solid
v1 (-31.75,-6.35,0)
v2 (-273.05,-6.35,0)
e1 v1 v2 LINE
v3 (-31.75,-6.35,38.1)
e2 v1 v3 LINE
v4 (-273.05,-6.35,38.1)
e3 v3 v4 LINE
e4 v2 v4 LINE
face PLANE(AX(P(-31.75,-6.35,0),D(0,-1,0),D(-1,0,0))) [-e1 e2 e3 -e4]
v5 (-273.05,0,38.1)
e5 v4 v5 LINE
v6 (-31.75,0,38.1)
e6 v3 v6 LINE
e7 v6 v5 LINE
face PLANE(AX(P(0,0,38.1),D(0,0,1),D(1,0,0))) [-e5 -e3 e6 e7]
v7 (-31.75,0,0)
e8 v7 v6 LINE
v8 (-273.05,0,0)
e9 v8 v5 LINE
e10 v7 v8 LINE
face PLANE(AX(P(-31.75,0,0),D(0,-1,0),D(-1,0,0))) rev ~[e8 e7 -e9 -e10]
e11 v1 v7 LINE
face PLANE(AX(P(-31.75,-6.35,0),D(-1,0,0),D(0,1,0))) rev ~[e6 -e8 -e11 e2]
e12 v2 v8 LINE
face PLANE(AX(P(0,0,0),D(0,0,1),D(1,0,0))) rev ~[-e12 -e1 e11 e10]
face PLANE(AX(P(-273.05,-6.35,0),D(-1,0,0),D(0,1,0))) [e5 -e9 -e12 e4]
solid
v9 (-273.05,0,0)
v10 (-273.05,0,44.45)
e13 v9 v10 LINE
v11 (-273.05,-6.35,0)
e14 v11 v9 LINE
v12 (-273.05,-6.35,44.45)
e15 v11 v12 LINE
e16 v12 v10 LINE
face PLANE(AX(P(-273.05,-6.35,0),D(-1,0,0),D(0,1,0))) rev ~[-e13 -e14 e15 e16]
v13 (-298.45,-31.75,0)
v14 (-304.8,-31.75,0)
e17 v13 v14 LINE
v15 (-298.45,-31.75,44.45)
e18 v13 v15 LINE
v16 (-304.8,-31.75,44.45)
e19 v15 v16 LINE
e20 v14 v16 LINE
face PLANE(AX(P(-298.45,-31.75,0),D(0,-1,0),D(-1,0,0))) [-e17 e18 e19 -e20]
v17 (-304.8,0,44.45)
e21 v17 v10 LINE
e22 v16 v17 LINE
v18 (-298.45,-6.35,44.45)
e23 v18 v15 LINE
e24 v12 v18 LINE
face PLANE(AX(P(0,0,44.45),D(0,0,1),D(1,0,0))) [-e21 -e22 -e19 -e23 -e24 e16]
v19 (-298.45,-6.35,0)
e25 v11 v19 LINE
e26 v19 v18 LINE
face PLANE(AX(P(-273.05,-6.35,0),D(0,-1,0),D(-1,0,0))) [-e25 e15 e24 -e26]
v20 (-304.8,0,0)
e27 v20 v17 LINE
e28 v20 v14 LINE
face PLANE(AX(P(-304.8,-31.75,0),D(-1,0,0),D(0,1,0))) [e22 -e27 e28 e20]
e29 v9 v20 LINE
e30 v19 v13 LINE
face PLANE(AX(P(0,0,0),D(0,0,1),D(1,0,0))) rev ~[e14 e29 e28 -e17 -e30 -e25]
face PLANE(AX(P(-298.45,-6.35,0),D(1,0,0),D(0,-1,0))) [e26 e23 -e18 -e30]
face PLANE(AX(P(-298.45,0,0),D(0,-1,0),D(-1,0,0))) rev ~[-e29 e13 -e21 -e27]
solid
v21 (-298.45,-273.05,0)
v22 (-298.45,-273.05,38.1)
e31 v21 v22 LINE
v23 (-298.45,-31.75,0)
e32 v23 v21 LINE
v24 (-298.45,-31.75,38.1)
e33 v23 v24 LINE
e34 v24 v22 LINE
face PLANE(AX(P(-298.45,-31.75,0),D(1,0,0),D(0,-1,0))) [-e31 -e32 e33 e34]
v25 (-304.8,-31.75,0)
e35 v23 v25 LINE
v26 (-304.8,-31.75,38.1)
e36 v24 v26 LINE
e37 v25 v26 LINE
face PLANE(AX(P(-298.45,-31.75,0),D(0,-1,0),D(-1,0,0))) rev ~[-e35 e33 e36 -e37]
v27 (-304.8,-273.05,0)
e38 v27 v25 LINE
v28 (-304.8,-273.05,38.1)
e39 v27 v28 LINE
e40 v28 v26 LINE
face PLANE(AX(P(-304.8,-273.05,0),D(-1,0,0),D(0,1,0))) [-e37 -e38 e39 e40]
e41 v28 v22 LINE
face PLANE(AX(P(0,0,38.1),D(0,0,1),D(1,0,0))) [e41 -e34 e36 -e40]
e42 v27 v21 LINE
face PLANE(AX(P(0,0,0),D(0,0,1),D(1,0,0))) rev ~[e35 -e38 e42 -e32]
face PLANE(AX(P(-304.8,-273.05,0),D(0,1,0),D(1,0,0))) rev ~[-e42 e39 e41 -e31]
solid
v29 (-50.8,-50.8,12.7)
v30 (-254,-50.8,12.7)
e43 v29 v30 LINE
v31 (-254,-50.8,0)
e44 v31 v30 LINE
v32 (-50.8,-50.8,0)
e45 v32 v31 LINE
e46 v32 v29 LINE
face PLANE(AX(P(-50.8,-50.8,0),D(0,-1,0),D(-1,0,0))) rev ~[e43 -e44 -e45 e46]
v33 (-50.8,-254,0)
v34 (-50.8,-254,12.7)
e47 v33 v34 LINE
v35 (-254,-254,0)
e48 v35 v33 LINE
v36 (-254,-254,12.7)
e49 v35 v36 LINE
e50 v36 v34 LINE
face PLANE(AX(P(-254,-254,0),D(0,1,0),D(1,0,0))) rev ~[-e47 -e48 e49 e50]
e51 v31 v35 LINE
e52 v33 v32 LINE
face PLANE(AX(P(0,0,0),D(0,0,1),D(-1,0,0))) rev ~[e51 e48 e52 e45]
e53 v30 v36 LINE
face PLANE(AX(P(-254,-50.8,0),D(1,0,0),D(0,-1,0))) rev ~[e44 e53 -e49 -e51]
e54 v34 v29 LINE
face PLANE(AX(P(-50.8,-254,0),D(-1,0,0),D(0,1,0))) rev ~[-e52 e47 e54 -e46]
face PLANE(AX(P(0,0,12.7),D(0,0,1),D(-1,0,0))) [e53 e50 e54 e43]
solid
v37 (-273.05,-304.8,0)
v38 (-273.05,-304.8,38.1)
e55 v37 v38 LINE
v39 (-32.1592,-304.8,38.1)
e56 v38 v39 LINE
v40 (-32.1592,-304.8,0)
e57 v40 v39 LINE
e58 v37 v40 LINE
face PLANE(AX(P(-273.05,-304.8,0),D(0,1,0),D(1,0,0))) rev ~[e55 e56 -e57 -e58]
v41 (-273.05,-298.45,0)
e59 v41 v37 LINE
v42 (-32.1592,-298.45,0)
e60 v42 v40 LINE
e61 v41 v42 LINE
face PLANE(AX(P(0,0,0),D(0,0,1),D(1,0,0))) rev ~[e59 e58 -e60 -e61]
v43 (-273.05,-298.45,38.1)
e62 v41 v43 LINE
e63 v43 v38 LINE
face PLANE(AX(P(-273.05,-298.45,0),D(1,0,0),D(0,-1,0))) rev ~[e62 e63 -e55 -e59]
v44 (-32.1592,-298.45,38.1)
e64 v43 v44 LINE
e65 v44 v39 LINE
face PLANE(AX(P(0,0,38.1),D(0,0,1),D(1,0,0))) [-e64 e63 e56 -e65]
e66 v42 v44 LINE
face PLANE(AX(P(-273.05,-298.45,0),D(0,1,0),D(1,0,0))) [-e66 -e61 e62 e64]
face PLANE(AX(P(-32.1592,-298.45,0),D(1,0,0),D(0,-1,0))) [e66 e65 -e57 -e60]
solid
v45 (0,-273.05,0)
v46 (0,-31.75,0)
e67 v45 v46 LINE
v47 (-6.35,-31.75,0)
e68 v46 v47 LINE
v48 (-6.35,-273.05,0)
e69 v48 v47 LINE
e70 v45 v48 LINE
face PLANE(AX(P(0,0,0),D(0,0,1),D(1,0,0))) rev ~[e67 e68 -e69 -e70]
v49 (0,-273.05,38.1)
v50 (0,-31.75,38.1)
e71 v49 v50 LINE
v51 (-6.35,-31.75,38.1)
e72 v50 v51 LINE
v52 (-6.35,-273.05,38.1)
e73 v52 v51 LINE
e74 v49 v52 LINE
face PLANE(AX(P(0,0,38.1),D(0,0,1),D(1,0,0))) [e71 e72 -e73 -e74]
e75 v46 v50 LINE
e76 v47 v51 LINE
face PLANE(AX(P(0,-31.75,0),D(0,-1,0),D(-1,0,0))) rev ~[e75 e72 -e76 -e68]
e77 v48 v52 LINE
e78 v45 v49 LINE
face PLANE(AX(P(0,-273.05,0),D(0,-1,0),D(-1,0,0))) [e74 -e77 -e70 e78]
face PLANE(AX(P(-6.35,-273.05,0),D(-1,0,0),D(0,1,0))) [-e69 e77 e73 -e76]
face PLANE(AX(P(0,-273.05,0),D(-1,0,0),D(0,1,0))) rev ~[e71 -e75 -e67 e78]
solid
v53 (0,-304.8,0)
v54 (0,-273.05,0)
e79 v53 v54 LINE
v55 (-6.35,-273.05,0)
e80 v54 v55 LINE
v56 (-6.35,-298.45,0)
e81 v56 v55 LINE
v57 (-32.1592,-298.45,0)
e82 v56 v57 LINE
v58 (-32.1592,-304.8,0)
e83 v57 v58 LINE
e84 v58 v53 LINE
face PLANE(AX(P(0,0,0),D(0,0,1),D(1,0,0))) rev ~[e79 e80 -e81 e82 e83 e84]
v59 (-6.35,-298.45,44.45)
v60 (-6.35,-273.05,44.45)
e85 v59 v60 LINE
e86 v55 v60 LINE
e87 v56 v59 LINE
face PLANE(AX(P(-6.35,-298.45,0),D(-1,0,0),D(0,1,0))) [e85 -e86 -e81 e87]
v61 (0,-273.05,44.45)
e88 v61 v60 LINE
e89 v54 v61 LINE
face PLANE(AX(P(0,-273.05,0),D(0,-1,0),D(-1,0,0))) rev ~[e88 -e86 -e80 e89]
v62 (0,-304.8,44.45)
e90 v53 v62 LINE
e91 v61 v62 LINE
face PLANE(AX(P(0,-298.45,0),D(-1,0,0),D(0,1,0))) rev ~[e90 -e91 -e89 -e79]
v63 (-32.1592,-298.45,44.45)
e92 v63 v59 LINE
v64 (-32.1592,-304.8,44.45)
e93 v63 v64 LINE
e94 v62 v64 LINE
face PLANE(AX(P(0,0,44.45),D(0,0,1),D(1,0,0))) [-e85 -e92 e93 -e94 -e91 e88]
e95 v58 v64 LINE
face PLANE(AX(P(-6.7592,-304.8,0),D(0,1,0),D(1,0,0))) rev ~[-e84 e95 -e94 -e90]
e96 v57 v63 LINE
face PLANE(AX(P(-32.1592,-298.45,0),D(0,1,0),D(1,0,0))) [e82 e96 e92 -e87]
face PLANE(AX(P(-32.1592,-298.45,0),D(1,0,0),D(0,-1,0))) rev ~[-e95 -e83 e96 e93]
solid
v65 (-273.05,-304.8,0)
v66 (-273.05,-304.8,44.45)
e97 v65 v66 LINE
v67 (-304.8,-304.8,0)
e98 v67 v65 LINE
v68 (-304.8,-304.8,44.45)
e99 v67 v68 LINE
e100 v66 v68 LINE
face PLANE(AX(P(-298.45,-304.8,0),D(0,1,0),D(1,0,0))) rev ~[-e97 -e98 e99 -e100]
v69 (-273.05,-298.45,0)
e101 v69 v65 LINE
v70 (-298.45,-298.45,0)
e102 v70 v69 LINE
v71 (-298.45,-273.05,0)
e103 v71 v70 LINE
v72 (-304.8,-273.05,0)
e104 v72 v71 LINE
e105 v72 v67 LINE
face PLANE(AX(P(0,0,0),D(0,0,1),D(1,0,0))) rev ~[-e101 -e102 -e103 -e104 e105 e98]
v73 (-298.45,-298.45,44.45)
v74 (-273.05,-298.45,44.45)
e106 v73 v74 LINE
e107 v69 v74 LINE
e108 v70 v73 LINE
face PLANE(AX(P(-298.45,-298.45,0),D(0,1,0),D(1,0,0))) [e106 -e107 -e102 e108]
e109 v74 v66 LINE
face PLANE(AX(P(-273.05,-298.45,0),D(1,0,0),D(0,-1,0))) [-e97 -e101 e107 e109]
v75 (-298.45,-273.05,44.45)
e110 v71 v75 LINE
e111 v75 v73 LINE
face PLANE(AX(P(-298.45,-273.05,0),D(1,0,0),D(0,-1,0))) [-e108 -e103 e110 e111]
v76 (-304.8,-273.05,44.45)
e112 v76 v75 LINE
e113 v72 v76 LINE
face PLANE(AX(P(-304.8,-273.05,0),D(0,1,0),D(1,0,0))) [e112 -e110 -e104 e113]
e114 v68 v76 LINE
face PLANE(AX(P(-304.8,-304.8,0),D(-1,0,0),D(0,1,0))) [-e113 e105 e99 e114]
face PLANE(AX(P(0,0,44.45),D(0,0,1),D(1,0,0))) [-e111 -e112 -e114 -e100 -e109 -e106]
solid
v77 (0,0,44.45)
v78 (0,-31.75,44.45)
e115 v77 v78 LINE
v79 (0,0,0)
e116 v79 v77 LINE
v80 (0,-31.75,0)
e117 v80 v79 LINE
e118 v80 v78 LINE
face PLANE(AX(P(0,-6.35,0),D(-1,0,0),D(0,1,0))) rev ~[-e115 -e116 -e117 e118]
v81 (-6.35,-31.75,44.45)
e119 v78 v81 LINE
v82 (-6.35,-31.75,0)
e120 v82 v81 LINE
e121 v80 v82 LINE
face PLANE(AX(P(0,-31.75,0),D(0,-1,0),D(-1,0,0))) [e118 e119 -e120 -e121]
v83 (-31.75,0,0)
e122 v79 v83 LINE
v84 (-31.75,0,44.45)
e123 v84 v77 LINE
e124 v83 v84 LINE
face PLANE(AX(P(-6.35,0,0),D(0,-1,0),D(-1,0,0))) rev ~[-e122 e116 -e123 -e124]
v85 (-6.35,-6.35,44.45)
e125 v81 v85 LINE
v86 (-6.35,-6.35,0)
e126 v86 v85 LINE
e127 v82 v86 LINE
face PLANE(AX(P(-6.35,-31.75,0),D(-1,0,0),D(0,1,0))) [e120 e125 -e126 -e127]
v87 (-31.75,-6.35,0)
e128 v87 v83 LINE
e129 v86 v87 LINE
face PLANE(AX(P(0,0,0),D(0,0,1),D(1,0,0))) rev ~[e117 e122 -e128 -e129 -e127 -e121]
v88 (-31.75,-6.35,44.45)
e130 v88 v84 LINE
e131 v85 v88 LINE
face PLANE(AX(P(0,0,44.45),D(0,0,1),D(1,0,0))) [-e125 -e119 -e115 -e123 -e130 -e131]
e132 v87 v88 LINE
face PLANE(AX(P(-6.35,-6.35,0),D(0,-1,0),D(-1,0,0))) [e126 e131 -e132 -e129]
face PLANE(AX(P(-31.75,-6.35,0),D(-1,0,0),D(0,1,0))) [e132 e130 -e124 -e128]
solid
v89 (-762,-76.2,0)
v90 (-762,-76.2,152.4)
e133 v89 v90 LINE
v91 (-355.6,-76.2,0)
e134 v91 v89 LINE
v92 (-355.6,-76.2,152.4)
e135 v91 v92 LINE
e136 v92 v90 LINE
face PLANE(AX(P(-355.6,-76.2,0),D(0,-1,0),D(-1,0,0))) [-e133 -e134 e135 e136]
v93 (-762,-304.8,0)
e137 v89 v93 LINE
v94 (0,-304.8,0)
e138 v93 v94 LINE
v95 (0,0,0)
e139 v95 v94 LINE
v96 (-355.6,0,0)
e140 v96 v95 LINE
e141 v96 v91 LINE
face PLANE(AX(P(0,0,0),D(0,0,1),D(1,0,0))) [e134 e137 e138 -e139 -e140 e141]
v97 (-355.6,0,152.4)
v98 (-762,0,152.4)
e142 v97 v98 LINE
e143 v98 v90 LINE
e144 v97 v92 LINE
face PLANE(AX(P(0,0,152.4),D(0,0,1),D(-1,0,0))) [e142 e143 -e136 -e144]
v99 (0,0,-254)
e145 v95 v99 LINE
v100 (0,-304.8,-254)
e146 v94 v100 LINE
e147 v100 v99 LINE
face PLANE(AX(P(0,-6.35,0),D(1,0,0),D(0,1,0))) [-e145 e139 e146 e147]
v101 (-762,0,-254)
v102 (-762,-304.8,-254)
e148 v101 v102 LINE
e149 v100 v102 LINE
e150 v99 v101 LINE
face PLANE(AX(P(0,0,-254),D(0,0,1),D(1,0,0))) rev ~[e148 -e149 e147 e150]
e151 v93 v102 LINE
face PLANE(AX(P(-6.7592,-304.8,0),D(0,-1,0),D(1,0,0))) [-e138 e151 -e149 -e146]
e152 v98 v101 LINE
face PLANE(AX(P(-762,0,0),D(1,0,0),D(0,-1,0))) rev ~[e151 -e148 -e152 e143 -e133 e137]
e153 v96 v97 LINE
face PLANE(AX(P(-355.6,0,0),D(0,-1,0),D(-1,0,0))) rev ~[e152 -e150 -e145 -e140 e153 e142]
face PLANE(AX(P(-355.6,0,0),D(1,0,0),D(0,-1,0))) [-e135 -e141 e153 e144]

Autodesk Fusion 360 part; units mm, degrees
sketch "Sketch1" plane through (0, 0, 0) normal (0, 0, 1) x (1, 0, 0)
  line L0 (0, 0) -> (-762, 0)
  line L1 (-762, 0) -> (-762, -304.8)
  line L2 (-762, -304.8) -> (0, -304.8)
  line L3 (0, -304.8) -> (0, 0)
  line L4 (0, -304.8) -> (-304.8, -304.8)
  line L5 (-304.8, -304.8) -> (-304.8, 0)
  line L6 (-304.8, 0) -> (0, 0)
  line L7 (0, 0) -> (0, -304.8)
  line L8 (-6.35, -6.35) -> (-298.45, -6.35)
  line L9 (-298.45, -6.35) -> (-298.45, -298.45)
  line L10 (-298.45, -298.45) -> (-6.35, -298.45)
  line L11 (-6.35, -298.45) -> (-6.35, -6.35)
  line L12 (-304.8, -6.35) -> (-304.8, 0)
  line L13 (-304.8, 0) -> (-298.45, 0)
  line L14 (0, -6.35) -> (0, 0)
  line L15 (0, 0) -> (-6.35, 0)
  line L16 (-6.35, -6.35) -> (-31.75, -6.35)
  line L17 (-31.75, -6.35) -> (-31.75, 0)
  line L18 (-31.75, 0) -> (-6.35, 0)
  line L19 (0, -6.35) -> (0, -31.75)
  line L20 (0, -31.75) -> (-6.35, -31.75)
  line L21 (-6.35, -31.75) -> (-6.35, -6.35)
  line L22 (-298.45, -6.35) -> (-298.45, -31.75)
  line L23 (-298.45, -31.75) -> (-304.8, -31.75)
  line L24 (-304.8, -31.75) -> (-304.8, -6.35)
  line L25 (-298.45, -6.35) -> (-273.05, -6.35)
  line L26 (-273.05, -6.35) -> (-273.05, 0)
  line L27 (-273.05, 0) -> (-298.45, 0)
  line L28 (-298.45, -298.45) -> (-273.05, -298.45)
  line L29 (-273.05, -298.45) -> (-273.05, -304.8)
  line L30 (-273.05, -304.8) -> (-298.45, -304.8)
  line L31 (-304.8, -298.45) -> (-304.8, -273.05)
  line L32 (-304.8, -273.05) -> (-298.45, -273.05)
  line L33 (-298.45, -273.05) -> (-298.45, -298.45)
  line L34 (0, -298.45) -> (0, -273.05)
  line L35 (0, -273.05) -> (-6.35, -273.05)
  line L36 (-6.35, -273.05) -> (-6.35, -298.45)
  line L37 (-6.7592, -298.45) -> (-32.1592, -298.45)
  line L38 (-32.1592, -298.45) -> (-32.1592, -304.8)
  line L39 (-32.1592, -304.8) -> (-6.7592, -304.8)
  point P0 (-152.4, -152.4)
  dimension "d1" = 762
  dimension "d2" = 304.8
  dimension "d3" = 304.8
  dimension "d4" = 292.1
  dimension "d5" = 292.1
  dimension "d6" = 25.4
  dimension "d7" = 25.4
  dimension "d8" = 25.4
  dimension "d9" = 25.4
  dimension "d10" = 25.4
  dimension "d11" = 25.4
  dimension "d12" = 25.4
  dimension "d13" = 25.4
extrude "Extrude1" add sketch "Sketch1" against normal blind 254 makes body 1
extrude "Extrude1'" add sketch "Sketch1" along normal blind 38.1 separate body contours L0 L6 L8 L17 L26 | L3 L7 L11 L20 L35 | L5 L9 L23 L32 | L2 L4 L10 L29 L38 makes body 2 at (0, -192.6167, 12.7) makes body 3 at (-304.8, -192.6167, 12.7) makes body 4 at (-112.1833, -6.35, 12.7) makes body 5 at (-192.7531, -304.8, 12.7) in component "Water Bath Glass"
copy_body "Body->Comp1" bodies 1 removing the originals makes body 6 in component "Component"
extrude "Extrude1''" add sketch "Sketch1" along normal blind 44.45 separate body contours L0 L3 L6 L7 L8 L11 L14 L15 L16 L17 L18 L19 L20 L21 | L0 L5 L6 L8 L9 L12 L13 L22 L23 L24 L25 L26 L27 | L2 L3 L4 L7 L10 L11 L34 L35 L36 L37 L38 L39 | L2 L4 L5 L9 L10 L28 L29 L30 L31 L32 L33 makes body 7 at (-283.6333, 0, 29.6333) makes body 8 at (-21.4395, -304.8, 14.8167) makes body 9 at (-21.1667, 0, 14.8167) makes body 10 at (-294.2167, -304.8, 29.6333) in component "Component'"
sketch "Sketch2" plane through (0, 0, 0) normal (0, 0, 1) x (-1, 0, 0)
  line L0 (762, 304.8) -> (0, 304.8)
  line L1 (0, 304.8) -> (0, 0)
  line L2 (0, 0) -> (762, 0)
  line L3 (762, 0) -> (762, 304.8)
  line L4 (298.45, 6.35) -> (273.05, 6.35)
  line L5 (273.05, 6.35) -> (273.05, 0)
  line L6 (273.05, 0) -> (304.8, 0)
  line L7 (304.8, 0) -> (304.8, 31.75)
  line L8 (304.8, 31.75) -> (298.45, 31.75)
  line L9 (298.45, 31.75) -> (298.45, 6.35)
  line L10 (298.45, 31.75) -> (304.8, 31.75)
  line L11 (304.8, 31.75) -> (304.8, 273.05)
  line L12 (304.8, 273.05) -> (298.45, 273.05)
  line L13 (298.45, 273.05) -> (298.45, 31.75)
  line L14 (298.45, 273.05) -> (304.8, 273.05)
  line L15 (304.8, 273.05) -> (304.8, 304.8)
  line L16 (304.8, 304.8) -> (273.05, 304.8)
  line L17 (273.05, 304.8) -> (273.05, 298.45)
  line L18 (273.05, 298.45) -> (298.45, 298.45)
  line L19 (298.45, 298.45) -> (298.45, 273.05)
  line L20 (762, 0) -> (355.6, 0)
  line L21 (355.6, 0) -> (355.6, 76.2)
  line L22 (355.6, 76.2) -> (762, 76.2)
  line L23 (762, 76.2) -> (762, 0)
  dimension "d20" = 406.4
  dimension "d21" = 76.2
extrude "Extrude1'''" add sketch "Sketch2" along normal blind 152.4 contours L2 L3 L20 L21 L22 L23 bodies 6 in component "Component"
sketch "Sketch3" plane through (0, 0, 0) normal (0, 0, 1) x (-1, 0, 0)
  line L0 (355.6, 0) -> (355.6, 76.2)
  line L1 (355.6, 76.2) -> (762, 76.2)
  line L2 (762, 76.2) -> (762, 304.8)
  line L3 (762, 304.8) -> (0, 304.8)
  line L4 (0, 304.8) -> (0, 0)
  line L5 (0, 0) -> (355.6, 0)
  line L6 (31.75, 6.35) -> (31.75, 0)
  line L7 (31.75, 0) -> (273.05, 0)
  line L8 (273.05, 0) -> (273.05, 6.35)
  line L9 (273.05, 6.35) -> (31.75, 6.35)
  line L10 (273.05, 298.45) -> (273.05, 304.8)
  line L11 (273.05, 304.8) -> (32.1592, 304.8)
  line L12 (32.1592, 304.8) -> (32.1592, 298.45)
  line L13 (32.1592, 298.45) -> (273.05, 298.45)
  line L14 (0, 31.75) -> (6.35, 31.75)
  line L15 (6.35, 31.75) -> (6.35, 273.05)
  line L16 (6.35, 273.05) -> (0, 273.05)
  line L17 (0, 273.05) -> (0, 31.75)
  line L18 (298.45, 31.75) -> (304.8, 31.75)
  line L19 (304.8, 31.75) -> (304.8, 273.05)
  line L20 (304.8, 273.05) -> (298.45, 273.05)
  line L21 (298.45, 273.05) -> (298.45, 31.75)
  line L22 (762, 76.2) -> (355.6, 76.2)
  line L23 (355.6, 76.2) -> (355.6, 0)
  line L24 (355.6, 0) -> (762, 0)
  line L25 (762, 0) -> (762, 76.2)
  line L26 (50.8, 50.8) -> (254, 50.8)
  line L27 (254, 50.8) -> (254, 254)
  line L28 (254, 254) -> (50.8, 254)
  line L29 (50.8, 254) -> (50.8, 50.8)
  line L30 (50.8, 50.8) -> (254, 254) construction
  line L31 (254, 50.8) -> (50.8, 254) construction
  point P0 (152.4, 152.4)
  dimension "d24" = 203.2
  dimension "d25" = 203.2
extrude "Extrude1''''" add sketch "Sketch3" along normal blind 12.7 separate body contours L26 L27 L28 L29 makes body 11 in component "Component''"
component "Water Bath Glass" placed x (1, 0, 0) y (0, 1, 0) z (0, 0, 1) at (0, 0, 0)
component "Component" placed x (1, 0, 0) y (0, 1, 0) z (0, 0, 1) at (0, 0, 0)
component "Component'" placed x (1, 0, 0) y (0, 1, 0) z (0, 0, 1) at (0, 0, 0)
component "Component''" placed x (1, 0, 0) y (0, 1, 0) z (0, 0, 1) at (0, 0, 0)
